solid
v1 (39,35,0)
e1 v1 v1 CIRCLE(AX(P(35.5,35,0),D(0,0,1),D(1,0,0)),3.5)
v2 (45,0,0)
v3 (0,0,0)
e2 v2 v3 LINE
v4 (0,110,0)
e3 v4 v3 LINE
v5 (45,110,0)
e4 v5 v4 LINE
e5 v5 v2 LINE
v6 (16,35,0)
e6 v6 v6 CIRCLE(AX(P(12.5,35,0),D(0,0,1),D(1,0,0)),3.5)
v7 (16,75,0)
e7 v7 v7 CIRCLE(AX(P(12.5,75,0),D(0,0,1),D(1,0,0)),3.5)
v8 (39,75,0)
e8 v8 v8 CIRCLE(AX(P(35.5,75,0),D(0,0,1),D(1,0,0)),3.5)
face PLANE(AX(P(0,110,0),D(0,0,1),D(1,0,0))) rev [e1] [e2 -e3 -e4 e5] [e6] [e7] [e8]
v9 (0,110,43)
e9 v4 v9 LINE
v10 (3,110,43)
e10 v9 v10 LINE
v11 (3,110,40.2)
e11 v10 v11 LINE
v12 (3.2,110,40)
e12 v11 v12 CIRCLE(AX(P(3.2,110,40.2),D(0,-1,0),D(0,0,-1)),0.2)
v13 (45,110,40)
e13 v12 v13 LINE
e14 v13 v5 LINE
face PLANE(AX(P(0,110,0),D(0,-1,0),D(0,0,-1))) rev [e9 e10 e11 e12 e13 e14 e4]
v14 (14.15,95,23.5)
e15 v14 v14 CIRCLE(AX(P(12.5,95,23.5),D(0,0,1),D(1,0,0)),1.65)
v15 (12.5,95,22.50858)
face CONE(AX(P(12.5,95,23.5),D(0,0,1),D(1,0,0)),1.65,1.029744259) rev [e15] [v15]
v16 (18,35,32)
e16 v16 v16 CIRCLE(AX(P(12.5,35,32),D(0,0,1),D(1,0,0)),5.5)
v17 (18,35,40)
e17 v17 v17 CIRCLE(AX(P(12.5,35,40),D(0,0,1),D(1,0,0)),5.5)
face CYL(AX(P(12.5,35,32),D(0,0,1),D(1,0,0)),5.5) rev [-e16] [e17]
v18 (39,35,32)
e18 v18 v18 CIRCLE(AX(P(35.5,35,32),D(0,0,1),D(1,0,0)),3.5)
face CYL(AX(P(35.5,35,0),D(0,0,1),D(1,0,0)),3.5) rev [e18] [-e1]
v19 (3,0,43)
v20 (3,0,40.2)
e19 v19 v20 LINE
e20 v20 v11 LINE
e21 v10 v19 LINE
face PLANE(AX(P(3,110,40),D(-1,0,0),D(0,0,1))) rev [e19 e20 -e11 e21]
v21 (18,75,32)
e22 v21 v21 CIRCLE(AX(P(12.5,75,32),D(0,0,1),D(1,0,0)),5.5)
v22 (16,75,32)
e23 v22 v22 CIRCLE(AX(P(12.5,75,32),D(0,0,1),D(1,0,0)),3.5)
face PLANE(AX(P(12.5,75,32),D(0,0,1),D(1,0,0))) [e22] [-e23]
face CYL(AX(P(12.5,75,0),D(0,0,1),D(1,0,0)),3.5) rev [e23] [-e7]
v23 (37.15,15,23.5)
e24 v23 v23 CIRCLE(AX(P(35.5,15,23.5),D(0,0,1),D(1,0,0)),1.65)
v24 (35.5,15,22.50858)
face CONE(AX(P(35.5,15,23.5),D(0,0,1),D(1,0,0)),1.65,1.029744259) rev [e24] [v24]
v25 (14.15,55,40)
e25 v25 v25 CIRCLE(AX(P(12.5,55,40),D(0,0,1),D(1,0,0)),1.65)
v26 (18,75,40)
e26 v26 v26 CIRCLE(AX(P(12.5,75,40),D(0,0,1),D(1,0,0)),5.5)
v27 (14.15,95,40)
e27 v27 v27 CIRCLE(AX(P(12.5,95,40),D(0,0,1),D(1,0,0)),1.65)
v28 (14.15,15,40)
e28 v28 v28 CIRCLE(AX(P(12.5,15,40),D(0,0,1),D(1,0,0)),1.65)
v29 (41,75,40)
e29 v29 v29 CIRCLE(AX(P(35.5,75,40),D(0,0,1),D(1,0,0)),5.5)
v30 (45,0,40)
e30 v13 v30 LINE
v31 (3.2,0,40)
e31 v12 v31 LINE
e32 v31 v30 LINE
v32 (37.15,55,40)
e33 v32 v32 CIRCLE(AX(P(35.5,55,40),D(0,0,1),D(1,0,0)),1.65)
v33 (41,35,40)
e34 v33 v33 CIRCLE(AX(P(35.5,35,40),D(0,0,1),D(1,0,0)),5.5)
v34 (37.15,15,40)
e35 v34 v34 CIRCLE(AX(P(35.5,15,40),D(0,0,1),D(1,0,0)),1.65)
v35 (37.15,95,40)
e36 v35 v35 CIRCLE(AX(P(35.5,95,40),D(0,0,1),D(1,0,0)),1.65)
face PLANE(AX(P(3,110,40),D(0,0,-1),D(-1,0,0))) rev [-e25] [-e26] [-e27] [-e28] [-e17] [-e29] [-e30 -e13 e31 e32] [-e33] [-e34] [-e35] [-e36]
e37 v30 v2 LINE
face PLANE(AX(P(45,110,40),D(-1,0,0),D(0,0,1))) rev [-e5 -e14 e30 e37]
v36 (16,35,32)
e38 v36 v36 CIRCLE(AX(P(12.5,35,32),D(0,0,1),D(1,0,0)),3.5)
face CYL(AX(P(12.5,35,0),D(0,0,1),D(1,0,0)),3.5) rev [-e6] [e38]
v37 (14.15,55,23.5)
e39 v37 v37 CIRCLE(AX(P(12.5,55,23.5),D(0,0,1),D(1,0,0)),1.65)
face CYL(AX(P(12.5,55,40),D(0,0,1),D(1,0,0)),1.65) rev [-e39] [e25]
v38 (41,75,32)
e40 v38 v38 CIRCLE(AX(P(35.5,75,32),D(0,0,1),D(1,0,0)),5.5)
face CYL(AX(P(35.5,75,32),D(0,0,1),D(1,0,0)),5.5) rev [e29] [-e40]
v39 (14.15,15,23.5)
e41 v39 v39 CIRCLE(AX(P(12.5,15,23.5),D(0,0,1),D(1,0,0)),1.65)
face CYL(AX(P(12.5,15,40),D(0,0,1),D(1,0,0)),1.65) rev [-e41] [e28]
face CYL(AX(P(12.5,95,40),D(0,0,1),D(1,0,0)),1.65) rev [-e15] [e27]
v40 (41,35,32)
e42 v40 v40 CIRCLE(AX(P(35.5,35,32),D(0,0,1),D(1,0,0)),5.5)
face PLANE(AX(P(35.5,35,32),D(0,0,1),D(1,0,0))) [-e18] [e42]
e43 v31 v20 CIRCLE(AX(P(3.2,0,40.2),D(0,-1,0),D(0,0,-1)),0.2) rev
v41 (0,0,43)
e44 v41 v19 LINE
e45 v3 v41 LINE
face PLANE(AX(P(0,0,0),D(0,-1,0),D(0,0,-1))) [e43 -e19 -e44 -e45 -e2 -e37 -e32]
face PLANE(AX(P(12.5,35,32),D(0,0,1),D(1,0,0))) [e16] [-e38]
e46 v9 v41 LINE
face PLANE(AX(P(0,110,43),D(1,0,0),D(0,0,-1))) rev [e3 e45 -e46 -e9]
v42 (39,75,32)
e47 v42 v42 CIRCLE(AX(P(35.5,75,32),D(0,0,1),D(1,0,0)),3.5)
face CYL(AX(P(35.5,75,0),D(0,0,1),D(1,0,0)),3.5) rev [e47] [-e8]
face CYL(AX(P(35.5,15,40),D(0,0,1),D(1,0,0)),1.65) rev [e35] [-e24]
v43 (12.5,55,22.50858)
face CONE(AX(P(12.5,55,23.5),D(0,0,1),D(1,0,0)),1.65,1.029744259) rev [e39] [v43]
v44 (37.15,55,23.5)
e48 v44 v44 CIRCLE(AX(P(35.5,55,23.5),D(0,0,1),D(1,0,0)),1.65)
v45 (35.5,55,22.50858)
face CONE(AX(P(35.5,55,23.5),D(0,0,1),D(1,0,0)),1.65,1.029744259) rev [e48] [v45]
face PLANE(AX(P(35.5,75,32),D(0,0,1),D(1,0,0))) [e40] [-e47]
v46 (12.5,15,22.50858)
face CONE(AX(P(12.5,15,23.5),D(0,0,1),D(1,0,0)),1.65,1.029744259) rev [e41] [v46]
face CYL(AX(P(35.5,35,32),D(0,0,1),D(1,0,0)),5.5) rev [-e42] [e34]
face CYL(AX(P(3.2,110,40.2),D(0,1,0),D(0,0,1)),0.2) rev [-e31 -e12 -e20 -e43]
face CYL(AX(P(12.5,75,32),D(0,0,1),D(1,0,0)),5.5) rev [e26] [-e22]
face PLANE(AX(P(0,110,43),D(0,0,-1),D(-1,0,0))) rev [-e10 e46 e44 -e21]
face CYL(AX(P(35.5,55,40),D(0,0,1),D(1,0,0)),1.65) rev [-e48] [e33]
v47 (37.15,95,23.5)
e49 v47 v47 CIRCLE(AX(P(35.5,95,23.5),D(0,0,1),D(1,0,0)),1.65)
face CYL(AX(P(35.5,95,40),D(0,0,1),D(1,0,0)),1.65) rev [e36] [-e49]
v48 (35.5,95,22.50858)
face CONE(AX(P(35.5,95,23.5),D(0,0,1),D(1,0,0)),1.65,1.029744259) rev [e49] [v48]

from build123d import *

# Parameters (mm, degrees)
EXTRUDE_1_DEPTH        = 110
FILLET_1_R             = 0.2
SKETCH_2_R             = 5.5
CUT_EXTRUDE_1_DEPTH    = 8
SKETCH_3_R             = 3.5
CUT_EXTRUDE_2_DEPTH    = 124.081273962
HOLE_WIZARD_M4_1_D     = 3.3
HOLE_WIZARD_M4_1_DEPTH = 16.5
HOLE_WIZARD_M4_1_TIP   = 0.991420021


with BuildPart() as part:
    # 스케치1 → 보스-돌출1 (new body)
    with BuildSketch(Plane(origin=(0, 0, 0), x_dir=(1, 0, 0), z_dir=(0, 1, 0))):
        Polygon((0, -43), (0, 0), (45, 0), (45, -40), (3, -40), (3, -43), align=None)
    extrude(amount=EXTRUDE_1_DEPTH)

    # 필렛1
    fillet_1_edges = [part.edges().sort_by_distance(p)[0] for p in [
        (3, 55, 40),
    ]]
    fillet(fillet_1_edges, radius=FILLET_1_R)

    # 스케치2 → 컷-돌출1 (cut)
    with BuildSketch(Plane.XY.offset(40)):
        with Locations((12.5, 75)):
            Circle(SKETCH_2_R)
        with Locations((35.5, 75)):
            Circle(SKETCH_2_R)
        with Locations((12.5, 35)):
            Circle(SKETCH_2_R)
        with Locations((35.5, 35)):
            Circle(SKETCH_2_R)
    extrude(amount=-CUT_EXTRUDE_1_DEPTH, mode=Mode.SUBTRACT)

    # 스케치3 → 컷-돌출2 (cut, through all)
    with BuildSketch(Plane.XY.offset(32)):
        with Locations((12.5, 75)):
            Circle(SKETCH_3_R)
        with Locations((35.5, 75)):
            Circle(SKETCH_3_R)
        with Locations((35.5, 35)):
            Circle(SKETCH_3_R)
        with Locations((12.5, 35)):
            Circle(SKETCH_3_R)
    extrude(amount=-CUT_EXTRUDE_2_DEPTH, mode=Mode.SUBTRACT)

    # M4 나사 구멍1
    with Locations(Plane.XY.offset(40)):
        with Locations((12.5, 95), (12.5, 15), (12.5, 55), (35.5, 55), (35.5, 95), (35.5, 15)):
            Hole(HOLE_WIZARD_M4_1_D / 2, depth=HOLE_WIZARD_M4_1_DEPTH)
            with Locations((0, 0, -(HOLE_WIZARD_M4_1_DEPTH + HOLE_WIZARD_M4_1_TIP / 2))):  # 118° drill point
                Cone(0, HOLE_WIZARD_M4_1_D / 2, HOLE_WIZARD_M4_1_TIP, mode=Mode.SUBTRACT)


solid = part.part
